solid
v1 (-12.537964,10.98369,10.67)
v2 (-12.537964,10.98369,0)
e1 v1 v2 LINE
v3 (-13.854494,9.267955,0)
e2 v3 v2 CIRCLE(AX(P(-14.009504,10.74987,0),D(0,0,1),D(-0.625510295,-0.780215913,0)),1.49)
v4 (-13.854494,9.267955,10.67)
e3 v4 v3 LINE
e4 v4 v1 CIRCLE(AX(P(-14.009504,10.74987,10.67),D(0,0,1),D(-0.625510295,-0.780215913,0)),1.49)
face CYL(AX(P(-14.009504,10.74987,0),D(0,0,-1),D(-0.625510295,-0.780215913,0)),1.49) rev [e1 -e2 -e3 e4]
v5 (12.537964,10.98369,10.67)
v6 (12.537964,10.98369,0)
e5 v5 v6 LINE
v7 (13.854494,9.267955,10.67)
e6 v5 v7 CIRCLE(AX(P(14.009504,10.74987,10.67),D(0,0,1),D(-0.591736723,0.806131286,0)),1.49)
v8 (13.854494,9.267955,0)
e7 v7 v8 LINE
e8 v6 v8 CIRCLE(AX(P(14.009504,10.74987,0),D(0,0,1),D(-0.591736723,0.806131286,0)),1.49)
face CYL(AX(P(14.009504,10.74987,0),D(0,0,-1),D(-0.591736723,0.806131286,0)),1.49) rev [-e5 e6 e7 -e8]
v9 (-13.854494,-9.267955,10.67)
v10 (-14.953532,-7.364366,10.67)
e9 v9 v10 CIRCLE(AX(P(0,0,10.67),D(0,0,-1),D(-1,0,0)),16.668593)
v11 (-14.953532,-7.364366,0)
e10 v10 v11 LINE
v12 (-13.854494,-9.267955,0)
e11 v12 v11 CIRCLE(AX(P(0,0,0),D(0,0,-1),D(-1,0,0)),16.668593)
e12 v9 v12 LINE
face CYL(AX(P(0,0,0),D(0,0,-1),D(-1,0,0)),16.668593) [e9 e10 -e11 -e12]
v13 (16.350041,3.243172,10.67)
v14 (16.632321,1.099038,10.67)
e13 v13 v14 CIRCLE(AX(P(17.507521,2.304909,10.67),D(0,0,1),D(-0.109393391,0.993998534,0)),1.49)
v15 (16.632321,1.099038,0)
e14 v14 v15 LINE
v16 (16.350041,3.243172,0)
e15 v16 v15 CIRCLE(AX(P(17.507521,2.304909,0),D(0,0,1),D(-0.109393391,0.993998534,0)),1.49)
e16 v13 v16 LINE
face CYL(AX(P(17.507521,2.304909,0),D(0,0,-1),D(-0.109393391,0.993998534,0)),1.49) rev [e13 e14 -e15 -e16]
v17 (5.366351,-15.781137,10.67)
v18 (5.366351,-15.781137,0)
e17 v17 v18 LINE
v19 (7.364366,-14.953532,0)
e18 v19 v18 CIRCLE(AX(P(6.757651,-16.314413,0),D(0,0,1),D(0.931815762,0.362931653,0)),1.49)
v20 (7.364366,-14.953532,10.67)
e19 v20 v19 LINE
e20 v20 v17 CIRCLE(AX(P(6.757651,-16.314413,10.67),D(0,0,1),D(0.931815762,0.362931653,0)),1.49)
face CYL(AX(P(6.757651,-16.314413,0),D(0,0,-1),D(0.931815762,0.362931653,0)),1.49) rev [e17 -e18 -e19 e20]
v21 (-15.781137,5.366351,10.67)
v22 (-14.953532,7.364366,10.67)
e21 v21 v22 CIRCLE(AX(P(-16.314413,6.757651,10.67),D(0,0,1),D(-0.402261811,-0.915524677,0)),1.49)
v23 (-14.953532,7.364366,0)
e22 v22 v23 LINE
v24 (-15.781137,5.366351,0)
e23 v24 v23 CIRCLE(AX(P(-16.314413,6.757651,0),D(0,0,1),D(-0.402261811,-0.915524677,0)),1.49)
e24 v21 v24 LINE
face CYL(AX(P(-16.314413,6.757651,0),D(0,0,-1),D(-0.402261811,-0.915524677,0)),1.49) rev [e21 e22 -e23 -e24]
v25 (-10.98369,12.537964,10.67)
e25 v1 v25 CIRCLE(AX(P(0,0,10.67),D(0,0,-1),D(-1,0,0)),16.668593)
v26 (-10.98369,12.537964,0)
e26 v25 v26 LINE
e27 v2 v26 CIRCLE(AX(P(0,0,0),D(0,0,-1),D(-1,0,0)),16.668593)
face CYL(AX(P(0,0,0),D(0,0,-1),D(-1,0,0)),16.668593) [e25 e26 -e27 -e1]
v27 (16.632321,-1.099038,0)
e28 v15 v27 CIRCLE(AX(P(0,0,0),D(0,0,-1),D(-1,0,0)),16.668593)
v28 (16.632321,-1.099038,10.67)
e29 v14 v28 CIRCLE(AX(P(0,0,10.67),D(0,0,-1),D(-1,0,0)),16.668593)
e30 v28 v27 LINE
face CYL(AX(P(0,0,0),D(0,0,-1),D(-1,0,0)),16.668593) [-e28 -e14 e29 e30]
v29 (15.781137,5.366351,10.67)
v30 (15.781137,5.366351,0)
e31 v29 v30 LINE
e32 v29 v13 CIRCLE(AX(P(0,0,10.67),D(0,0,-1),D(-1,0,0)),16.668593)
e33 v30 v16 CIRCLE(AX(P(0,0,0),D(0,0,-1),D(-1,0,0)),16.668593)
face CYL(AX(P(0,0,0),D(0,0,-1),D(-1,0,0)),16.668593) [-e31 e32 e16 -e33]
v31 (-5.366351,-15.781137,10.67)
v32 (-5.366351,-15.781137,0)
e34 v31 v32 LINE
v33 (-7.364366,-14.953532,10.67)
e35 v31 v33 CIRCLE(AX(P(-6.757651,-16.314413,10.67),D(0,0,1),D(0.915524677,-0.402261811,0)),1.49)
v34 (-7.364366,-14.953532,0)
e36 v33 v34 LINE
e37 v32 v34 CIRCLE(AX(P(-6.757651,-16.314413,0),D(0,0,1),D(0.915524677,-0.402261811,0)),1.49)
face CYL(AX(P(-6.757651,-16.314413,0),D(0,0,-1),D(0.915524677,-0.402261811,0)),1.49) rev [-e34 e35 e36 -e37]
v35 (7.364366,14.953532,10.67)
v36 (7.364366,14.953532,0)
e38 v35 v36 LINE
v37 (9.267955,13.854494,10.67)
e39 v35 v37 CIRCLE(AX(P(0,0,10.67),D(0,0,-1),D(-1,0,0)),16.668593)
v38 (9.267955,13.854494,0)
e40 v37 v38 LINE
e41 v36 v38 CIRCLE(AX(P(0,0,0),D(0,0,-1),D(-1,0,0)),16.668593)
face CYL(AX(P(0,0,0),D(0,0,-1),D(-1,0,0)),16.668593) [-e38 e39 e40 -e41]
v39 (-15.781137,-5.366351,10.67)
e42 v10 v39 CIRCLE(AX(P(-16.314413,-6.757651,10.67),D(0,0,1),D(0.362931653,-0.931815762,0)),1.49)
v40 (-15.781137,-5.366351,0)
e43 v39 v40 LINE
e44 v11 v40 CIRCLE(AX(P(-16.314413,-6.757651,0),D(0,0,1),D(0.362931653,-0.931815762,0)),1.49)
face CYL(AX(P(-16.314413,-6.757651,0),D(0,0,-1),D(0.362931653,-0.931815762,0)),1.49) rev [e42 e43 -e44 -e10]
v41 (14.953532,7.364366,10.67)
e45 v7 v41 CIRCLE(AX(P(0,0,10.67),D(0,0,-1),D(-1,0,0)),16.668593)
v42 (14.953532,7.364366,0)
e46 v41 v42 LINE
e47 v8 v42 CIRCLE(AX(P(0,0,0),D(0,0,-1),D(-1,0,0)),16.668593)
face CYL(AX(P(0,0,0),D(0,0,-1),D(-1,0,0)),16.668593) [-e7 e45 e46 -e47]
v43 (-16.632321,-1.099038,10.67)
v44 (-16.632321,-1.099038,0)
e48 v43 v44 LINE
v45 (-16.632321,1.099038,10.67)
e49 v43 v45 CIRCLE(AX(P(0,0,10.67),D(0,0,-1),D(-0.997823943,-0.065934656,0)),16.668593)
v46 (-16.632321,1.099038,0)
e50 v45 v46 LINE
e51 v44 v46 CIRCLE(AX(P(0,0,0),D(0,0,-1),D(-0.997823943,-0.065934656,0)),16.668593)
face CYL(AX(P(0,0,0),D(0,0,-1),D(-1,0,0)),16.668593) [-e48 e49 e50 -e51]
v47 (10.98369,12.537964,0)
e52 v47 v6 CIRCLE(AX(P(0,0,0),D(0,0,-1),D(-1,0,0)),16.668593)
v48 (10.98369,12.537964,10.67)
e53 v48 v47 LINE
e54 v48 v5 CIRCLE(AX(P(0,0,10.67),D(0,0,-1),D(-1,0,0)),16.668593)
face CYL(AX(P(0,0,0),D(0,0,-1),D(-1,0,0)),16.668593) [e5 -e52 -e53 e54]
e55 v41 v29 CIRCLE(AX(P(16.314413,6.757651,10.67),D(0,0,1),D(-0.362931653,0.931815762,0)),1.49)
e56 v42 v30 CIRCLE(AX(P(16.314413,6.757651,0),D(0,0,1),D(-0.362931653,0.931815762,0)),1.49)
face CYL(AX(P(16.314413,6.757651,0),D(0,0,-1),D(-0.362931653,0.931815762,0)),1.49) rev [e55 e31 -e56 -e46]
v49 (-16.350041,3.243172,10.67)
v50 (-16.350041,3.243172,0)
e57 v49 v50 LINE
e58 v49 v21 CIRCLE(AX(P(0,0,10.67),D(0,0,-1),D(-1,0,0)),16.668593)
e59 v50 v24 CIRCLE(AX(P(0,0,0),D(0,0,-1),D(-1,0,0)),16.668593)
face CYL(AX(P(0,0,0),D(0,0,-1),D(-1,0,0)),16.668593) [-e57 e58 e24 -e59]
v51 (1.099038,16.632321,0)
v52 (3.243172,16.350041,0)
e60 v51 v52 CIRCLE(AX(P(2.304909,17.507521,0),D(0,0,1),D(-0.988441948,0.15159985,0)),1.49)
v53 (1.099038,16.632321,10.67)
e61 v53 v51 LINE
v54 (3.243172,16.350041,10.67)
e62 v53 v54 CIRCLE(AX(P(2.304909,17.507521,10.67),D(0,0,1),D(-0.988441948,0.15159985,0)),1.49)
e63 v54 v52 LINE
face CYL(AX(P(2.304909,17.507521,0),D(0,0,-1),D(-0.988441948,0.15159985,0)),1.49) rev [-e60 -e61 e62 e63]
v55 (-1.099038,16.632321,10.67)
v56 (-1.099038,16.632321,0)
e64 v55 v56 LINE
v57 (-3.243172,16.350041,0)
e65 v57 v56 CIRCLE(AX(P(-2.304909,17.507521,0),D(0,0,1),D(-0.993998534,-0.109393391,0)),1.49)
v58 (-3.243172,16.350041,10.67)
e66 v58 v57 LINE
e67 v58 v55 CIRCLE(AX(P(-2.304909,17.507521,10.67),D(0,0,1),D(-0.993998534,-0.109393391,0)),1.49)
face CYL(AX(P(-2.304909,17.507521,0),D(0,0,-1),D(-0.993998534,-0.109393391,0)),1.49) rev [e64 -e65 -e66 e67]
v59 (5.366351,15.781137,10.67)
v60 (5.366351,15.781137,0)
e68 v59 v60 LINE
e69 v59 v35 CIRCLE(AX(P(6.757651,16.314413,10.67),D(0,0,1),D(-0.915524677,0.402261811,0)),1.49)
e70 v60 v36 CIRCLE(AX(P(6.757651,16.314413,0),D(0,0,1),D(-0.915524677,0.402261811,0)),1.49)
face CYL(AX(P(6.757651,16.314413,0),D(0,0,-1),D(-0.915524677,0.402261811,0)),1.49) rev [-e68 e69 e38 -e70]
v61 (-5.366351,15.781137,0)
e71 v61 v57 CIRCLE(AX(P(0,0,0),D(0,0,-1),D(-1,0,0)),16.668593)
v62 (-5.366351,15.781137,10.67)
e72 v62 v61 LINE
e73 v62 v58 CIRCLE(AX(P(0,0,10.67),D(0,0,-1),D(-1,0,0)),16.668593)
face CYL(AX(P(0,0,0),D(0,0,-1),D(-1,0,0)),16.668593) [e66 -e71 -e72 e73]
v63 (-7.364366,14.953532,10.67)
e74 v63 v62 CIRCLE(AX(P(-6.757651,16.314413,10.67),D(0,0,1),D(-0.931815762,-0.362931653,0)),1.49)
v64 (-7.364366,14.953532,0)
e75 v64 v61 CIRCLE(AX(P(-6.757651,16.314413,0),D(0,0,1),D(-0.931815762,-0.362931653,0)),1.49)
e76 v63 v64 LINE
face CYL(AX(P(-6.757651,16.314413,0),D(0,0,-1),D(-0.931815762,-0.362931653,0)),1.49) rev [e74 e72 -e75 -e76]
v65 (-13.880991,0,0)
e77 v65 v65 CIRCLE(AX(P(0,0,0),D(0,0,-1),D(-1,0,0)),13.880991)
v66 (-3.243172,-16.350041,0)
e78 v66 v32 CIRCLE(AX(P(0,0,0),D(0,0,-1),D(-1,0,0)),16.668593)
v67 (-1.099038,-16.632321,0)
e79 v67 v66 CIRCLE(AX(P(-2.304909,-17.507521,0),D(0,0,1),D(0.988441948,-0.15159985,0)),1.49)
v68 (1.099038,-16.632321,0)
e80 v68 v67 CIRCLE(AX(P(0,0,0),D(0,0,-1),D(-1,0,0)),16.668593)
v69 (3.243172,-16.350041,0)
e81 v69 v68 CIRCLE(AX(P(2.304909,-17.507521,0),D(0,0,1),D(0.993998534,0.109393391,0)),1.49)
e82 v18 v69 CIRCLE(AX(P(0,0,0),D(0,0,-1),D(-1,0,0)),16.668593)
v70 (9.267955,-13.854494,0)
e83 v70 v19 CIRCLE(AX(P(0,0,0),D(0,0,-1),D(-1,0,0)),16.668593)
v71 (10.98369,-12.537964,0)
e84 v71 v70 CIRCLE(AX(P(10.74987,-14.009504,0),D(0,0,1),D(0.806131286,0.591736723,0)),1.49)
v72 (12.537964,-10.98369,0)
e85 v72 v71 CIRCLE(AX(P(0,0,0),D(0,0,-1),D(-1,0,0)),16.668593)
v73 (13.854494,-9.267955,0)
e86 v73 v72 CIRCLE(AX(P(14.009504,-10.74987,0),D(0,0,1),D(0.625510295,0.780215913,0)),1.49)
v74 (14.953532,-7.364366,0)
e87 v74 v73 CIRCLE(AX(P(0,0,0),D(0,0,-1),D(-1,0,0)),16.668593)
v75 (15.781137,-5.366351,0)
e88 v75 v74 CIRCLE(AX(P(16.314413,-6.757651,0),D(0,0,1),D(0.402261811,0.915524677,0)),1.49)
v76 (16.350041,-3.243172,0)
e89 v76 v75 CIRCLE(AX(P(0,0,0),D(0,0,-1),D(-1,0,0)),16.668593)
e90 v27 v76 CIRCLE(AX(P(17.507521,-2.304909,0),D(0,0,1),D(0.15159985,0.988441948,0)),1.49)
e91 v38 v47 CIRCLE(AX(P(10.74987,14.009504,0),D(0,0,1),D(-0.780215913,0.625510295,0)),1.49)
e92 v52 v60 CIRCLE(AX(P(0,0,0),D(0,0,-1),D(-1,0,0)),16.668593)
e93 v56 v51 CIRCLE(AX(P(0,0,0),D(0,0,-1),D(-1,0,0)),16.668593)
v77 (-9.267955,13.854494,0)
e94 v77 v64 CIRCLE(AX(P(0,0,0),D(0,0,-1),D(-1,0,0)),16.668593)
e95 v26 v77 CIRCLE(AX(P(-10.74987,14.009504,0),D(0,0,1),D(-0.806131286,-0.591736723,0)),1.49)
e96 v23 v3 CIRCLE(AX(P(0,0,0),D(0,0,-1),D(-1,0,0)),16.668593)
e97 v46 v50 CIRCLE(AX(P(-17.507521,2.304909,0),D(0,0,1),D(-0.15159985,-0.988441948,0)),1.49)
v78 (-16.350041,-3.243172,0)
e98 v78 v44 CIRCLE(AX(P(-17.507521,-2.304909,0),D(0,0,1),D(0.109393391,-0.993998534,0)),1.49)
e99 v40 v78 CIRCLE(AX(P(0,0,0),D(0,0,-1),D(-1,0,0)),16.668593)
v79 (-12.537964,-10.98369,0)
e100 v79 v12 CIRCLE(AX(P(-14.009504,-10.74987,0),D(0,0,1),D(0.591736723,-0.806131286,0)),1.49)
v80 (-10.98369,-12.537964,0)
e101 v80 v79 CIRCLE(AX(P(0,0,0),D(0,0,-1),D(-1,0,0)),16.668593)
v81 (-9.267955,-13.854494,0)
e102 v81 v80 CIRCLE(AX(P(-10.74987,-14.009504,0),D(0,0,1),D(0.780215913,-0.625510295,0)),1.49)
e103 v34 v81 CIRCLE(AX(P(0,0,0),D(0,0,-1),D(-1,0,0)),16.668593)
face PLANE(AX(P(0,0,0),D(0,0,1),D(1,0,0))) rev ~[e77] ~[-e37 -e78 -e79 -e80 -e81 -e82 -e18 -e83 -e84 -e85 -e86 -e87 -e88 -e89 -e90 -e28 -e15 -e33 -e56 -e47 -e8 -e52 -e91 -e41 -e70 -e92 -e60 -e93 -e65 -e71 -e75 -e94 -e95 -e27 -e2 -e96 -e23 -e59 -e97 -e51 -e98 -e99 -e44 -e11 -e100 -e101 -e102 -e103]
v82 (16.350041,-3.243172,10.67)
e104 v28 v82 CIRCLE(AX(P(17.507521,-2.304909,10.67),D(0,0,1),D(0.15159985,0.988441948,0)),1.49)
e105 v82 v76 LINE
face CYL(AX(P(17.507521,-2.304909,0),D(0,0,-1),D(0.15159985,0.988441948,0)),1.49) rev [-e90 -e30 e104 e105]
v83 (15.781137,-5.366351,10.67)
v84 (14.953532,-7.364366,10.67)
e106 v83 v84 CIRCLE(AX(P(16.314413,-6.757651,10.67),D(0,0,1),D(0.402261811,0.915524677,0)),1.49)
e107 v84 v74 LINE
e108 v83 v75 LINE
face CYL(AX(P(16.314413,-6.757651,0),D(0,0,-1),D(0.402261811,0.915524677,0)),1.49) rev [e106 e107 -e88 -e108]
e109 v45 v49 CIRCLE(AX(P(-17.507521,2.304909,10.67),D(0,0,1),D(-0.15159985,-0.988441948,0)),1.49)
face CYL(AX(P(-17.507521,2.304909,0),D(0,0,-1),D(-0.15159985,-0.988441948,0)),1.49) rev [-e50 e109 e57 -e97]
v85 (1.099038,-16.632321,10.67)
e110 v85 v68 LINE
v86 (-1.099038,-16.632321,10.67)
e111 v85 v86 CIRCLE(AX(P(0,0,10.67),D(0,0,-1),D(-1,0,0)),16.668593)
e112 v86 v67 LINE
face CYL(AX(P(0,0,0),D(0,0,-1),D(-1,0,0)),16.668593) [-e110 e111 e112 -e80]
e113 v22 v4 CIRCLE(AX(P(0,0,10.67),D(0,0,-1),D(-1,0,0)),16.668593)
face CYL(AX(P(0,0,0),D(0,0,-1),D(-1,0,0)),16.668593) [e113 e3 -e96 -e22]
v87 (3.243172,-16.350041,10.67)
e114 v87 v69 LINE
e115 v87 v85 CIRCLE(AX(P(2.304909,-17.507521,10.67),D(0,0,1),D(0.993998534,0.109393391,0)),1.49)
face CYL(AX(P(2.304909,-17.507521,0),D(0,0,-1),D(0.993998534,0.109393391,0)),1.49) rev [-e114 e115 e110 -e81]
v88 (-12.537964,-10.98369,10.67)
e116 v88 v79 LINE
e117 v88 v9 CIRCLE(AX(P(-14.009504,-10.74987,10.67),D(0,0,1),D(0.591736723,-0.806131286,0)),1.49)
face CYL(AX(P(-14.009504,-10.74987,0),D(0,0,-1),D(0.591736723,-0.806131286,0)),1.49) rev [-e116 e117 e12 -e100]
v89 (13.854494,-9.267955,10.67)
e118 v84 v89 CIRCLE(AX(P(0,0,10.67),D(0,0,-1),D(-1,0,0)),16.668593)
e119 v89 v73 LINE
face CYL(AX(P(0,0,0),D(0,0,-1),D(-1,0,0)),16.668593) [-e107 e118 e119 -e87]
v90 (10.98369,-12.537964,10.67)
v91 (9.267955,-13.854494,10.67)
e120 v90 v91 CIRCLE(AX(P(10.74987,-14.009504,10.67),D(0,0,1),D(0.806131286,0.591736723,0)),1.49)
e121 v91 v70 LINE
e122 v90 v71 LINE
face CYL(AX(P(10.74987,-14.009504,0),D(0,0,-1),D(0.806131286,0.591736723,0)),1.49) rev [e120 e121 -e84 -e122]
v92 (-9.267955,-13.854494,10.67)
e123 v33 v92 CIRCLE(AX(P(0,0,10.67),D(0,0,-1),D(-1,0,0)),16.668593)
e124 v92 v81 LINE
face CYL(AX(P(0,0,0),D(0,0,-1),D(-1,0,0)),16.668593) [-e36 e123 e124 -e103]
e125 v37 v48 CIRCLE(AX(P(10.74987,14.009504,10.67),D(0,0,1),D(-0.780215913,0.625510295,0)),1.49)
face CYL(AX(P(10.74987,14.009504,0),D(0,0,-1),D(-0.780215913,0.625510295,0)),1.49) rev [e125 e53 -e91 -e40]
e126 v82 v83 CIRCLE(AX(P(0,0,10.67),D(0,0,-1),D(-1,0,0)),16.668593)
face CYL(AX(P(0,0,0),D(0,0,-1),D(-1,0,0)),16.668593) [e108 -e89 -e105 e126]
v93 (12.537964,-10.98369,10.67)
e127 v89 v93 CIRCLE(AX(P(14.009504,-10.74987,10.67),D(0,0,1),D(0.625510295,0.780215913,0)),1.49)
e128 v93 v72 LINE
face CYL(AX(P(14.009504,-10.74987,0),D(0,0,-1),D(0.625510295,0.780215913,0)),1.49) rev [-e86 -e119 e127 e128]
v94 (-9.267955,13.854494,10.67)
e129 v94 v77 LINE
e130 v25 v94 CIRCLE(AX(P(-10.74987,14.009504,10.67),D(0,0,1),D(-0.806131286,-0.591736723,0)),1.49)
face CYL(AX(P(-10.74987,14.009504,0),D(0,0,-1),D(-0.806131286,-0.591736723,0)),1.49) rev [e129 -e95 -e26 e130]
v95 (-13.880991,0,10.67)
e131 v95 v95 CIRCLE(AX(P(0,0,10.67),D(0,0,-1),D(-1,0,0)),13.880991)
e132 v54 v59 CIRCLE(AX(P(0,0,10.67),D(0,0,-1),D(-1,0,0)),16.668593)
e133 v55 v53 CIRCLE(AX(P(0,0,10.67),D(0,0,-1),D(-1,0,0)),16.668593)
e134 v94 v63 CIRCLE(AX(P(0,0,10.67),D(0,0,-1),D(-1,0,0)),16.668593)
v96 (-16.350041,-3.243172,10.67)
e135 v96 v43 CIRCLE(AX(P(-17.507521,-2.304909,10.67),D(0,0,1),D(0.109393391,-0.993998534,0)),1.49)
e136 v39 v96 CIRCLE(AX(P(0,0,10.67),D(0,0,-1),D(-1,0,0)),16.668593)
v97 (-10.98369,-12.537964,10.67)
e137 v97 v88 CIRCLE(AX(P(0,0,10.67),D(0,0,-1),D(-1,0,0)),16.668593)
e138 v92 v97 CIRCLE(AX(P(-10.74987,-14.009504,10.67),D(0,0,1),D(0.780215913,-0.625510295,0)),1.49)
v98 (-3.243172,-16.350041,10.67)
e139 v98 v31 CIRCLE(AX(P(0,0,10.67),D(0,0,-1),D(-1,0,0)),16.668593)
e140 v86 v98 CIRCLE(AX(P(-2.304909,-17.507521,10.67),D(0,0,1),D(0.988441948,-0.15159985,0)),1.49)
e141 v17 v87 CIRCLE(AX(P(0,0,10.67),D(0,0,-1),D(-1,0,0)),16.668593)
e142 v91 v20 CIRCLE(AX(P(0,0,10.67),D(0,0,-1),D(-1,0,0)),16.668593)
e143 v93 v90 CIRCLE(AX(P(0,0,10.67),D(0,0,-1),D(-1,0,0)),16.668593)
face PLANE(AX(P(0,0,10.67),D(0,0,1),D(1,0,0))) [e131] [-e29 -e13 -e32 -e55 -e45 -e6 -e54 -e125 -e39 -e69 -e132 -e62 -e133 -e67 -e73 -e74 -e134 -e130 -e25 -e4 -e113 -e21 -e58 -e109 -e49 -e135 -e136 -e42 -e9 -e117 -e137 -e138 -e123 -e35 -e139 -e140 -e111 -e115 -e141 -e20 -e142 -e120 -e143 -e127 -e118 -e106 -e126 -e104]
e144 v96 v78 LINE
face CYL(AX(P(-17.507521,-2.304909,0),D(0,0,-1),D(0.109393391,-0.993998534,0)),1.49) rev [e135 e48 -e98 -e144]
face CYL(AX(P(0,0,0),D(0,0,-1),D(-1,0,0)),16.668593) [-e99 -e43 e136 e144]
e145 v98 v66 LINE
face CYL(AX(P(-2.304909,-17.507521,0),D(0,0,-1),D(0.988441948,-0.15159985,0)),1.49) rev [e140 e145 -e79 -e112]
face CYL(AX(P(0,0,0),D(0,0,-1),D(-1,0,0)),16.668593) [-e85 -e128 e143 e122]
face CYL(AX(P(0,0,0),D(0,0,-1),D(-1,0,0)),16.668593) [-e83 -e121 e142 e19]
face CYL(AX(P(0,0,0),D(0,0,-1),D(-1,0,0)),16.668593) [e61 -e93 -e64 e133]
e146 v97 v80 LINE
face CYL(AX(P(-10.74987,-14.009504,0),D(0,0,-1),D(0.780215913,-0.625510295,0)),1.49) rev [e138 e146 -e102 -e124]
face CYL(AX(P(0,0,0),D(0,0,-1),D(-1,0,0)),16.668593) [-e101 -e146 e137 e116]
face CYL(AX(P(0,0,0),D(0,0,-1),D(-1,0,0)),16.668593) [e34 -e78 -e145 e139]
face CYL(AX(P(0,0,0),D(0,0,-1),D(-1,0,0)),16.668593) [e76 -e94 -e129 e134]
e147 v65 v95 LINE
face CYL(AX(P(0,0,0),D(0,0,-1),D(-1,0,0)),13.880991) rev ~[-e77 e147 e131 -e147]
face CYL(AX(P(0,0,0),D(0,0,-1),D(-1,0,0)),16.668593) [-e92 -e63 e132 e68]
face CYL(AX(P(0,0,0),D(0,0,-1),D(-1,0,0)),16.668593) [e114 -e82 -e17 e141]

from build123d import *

# Parameters (mm, degrees)
PD_R               = 19.098593171
HALF_WIDTH_DEPTH   = 10.67
TEETH_START        = -10.67
TEETH_DEPTH        = 10.67
CIRPATTERN1_COUNT  = 24
SKETCH4_R          = 20.022921169
SKETCH4_R_2        = 16.668593171
CUT_EXTRUDE1_DEPTH = 28.900037957
SKETCH5_R          = 13.880990835
CUT_EXTRUDE2_DEPTH = 26.875333749


with BuildPart() as part:
    # PD → half width (new body)
    with BuildSketch(Plane.XY):
        Circle(PD_R)
    extrude(amount=HALF_WIDTH_DEPTH)

    # Sketch3 → Teeth (cut)
    with BuildSketch(Plane.XY.offset(10.67).offset(TEETH_START)):
        with BuildLine():
            Line((0, 18.228593171), (0.407100386, 18.228593171))
            ThreePointArc((0.407100386, 18.228593171), (0.733390757, 18.078654939), (0.832130423, 17.733405235))
            ThreePointArc((0.832130423, 17.733405235), (2.1104249, 16.030268615), (3.785966743, 17.344525307))
            ThreePointArc((3.785966743, 17.344525307), (3.970699136, 17.652455205), (4.324678302, 17.712834254))
            Line((4.324678302, 17.712834254), (4.717907078, 17.607468921))
            Line((4.717907078, 17.607468921), (4.943079647, 18.44782439))
            ThreePointArc((4.943079647, 18.44782439), (2.492866643, 18.935202059), (0, 19.098593171))
            Line((0, 19.098593171), (0, 18.228593171))
        make_face()
    teeth = extrude(amount=TEETH_DEPTH, mode=Mode.SUBTRACT)

    # CirPattern1: Teeth ×24 about axis
    cirpattern1_axis = Axis((0, 0, 0), (0, 0, 1))
    for i in range(1, CIRPATTERN1_COUNT):
        add(teeth.rotate(cirpattern1_axis, i * 360 / CIRPATTERN1_COUNT), mode=Mode.SUBTRACT)

    # Sketch4 → Cut-Extrude1 (cut, through all)
    with BuildSketch(Plane(origin=(0, 0, 0), x_dir=(-1, 0, 0), z_dir=(0, 0, -1))):
        Circle(SKETCH4_R)
        Circle(SKETCH4_R_2, mode=Mode.SUBTRACT)
    extrude(amount=-CUT_EXTRUDE1_DEPTH, mode=Mode.SUBTRACT)

    # Sketch5 → Cut-Extrude2 (cut, through all)
    with BuildSketch(Plane(origin=(0, 0, 0), x_dir=(-1, 0, 0), z_dir=(0, 0, -1))):
        Circle(SKETCH5_R)
    extrude(amount=-CUT_EXTRUDE2_DEPTH, mode=Mode.SUBTRACT)


solid = part.part
